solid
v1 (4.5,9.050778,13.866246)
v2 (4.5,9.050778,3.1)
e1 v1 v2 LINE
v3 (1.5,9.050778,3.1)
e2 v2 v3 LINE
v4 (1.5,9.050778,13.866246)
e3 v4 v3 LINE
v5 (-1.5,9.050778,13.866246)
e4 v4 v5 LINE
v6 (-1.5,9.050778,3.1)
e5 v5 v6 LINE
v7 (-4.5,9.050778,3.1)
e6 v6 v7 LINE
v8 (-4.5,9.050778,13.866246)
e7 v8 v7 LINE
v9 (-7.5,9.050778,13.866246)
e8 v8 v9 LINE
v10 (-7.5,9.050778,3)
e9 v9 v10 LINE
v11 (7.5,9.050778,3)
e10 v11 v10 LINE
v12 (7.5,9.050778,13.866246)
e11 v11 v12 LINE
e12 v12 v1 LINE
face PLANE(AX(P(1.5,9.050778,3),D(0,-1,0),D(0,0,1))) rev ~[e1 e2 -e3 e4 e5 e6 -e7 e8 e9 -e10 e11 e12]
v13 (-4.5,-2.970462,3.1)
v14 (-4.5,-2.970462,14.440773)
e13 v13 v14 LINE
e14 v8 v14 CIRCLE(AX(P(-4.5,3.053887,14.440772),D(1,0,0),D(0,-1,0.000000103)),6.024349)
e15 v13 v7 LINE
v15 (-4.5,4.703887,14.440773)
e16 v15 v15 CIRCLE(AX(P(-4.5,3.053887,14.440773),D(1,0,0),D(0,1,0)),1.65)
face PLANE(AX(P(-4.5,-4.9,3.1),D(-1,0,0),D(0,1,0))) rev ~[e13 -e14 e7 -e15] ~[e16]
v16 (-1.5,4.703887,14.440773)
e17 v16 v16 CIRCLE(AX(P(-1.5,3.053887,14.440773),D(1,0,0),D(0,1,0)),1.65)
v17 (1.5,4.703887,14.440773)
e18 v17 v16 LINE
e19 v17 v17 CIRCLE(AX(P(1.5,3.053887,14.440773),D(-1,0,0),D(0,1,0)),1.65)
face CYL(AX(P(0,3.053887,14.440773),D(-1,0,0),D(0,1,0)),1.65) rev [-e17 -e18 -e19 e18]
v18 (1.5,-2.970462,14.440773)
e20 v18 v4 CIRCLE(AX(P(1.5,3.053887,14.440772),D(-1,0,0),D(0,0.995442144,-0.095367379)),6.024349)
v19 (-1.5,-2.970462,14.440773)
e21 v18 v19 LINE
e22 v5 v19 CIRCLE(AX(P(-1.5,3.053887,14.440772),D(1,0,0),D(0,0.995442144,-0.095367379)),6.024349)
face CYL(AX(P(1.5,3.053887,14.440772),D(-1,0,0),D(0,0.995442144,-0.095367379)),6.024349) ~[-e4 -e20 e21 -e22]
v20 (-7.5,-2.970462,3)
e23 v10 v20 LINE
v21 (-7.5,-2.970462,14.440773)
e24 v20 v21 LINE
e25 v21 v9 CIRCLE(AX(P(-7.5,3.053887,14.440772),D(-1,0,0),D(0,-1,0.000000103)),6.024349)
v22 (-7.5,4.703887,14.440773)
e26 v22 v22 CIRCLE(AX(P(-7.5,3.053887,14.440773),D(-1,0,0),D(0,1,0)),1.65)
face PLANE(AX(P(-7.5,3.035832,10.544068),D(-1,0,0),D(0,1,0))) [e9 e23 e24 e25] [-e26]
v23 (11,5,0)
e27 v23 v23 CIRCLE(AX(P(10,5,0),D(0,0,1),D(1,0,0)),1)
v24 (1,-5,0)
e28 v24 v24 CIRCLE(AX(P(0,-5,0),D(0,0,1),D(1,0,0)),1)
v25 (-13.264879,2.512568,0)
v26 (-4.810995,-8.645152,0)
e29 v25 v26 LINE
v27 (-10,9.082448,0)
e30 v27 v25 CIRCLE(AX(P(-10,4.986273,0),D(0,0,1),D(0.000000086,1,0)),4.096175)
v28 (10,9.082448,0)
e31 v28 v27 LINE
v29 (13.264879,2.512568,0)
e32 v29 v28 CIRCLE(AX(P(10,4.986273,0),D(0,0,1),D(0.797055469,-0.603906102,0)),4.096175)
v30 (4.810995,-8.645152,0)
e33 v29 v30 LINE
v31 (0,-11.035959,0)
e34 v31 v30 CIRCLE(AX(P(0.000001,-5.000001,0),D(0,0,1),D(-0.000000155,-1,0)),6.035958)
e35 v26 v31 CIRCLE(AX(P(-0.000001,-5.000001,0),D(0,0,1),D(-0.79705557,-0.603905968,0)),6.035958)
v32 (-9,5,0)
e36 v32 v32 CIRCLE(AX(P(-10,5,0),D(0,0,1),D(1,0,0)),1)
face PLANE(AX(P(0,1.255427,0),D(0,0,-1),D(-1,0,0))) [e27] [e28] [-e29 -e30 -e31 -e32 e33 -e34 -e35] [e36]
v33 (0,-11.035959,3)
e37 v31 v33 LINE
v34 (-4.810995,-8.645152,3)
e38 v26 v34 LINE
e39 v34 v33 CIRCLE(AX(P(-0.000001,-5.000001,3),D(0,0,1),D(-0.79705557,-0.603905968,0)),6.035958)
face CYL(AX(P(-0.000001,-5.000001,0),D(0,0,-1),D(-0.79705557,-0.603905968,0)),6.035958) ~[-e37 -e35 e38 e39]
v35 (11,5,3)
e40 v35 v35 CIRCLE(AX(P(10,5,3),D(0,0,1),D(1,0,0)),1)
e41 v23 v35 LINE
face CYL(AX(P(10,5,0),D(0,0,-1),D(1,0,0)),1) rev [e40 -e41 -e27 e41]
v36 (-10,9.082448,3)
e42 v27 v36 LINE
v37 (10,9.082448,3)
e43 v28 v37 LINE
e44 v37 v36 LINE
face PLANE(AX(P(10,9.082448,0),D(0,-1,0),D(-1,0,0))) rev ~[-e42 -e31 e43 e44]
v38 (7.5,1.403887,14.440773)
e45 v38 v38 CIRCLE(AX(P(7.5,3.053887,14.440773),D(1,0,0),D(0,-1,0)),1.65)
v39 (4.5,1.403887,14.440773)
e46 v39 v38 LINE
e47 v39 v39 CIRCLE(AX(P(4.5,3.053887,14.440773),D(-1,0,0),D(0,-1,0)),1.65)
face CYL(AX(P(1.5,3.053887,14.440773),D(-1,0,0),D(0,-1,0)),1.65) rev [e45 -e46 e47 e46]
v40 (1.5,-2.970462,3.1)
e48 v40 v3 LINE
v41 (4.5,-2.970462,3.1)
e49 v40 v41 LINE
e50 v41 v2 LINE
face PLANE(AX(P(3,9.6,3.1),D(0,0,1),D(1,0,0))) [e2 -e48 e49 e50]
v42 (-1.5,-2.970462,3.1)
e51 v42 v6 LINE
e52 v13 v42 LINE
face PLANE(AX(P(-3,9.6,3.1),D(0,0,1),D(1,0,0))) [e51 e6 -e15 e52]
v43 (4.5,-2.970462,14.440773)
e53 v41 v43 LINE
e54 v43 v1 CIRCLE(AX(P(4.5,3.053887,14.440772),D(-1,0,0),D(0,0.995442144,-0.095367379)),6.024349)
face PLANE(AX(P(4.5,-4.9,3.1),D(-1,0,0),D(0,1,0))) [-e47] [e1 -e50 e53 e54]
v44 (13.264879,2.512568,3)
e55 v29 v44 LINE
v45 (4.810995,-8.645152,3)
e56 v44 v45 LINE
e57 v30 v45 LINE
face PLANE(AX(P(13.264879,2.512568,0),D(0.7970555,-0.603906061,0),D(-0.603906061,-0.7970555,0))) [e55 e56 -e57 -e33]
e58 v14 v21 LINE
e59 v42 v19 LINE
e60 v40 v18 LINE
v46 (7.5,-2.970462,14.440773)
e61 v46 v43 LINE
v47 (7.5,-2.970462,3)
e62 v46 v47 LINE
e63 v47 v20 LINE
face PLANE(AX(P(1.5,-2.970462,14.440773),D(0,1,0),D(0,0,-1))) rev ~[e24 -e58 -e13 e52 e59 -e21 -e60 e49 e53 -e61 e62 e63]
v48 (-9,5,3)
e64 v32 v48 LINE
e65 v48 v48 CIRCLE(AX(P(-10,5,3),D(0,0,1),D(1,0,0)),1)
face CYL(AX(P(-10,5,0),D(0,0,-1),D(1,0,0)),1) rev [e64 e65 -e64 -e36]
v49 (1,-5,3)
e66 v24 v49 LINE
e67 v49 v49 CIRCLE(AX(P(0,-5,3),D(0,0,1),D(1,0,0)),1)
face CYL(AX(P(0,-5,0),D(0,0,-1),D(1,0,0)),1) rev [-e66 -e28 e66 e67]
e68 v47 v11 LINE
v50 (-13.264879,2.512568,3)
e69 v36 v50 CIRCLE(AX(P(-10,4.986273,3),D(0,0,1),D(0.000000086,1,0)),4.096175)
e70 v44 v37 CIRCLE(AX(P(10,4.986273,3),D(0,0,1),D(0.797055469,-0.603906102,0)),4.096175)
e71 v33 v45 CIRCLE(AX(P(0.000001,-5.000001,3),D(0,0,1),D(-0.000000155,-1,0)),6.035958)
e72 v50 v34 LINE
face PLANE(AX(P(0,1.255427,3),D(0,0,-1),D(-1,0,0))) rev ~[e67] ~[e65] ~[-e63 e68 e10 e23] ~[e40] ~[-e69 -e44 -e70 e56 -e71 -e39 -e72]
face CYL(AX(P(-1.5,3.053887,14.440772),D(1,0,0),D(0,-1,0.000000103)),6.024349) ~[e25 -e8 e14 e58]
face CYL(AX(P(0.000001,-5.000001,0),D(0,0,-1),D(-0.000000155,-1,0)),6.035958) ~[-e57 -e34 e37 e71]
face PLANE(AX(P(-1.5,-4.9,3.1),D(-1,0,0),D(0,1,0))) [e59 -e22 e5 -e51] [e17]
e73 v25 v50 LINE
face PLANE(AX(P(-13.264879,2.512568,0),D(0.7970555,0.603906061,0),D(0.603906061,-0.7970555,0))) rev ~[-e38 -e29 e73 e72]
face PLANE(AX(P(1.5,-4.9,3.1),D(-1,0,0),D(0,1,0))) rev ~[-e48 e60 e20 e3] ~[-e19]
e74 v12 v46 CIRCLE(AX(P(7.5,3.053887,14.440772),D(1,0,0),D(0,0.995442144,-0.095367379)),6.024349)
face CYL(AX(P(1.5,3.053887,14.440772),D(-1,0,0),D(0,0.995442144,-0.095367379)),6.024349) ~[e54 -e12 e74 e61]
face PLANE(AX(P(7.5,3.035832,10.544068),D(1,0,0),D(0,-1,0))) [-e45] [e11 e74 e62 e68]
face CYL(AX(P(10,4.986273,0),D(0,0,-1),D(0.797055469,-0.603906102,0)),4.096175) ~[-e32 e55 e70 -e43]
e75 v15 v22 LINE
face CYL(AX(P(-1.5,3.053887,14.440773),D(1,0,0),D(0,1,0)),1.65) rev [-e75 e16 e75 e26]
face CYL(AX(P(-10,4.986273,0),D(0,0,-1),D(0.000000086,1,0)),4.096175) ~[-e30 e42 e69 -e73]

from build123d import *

# Parameters (mm, degrees)
BOX_W           = 3
BOX_H           = 29
BOX_DEPTH       = 23
BOX001_W        = 3
BOX001_H        = 29
BOX001_DEPTH    = 23
SKETCH_R        = 1
PAD_DEPTH       = 3
SKETCH001_R     = 1.65
PAD001_DEPTH    = 1.5
PAD001_FACE17_R = 1.65
PAD002_DEPTH    = 6
PAD002_FACE15_R = 1.65
PAD003_DEPTH    = 6


with BuildPart() as box:
    # Box → Box (new body)
    with BuildSketch(Plane(origin=(1.5, -4.9, 3.1), x_dir=(1, 0, 0), z_dir=(0, 0, 1))):
        with Locations((1.5, 14.5)):
            Rectangle(BOX_W, BOX_H)
    extrude(amount=BOX_DEPTH)


with BuildPart() as box001:
    # Box001 → Box001 (new body)
    with BuildSketch(Plane(origin=(-4.5, -4.9, 3.1), x_dir=(1, 0, 0), z_dir=(0, 0, 1))):
        with Locations((1.5, 14.5)):
            Rectangle(BOX001_W, BOX001_H)
    extrude(amount=BOX001_DEPTH)


with BuildPart() as cut001:
    # Sketch → Pad (new body)
    with BuildSketch(Plane.XY):
        with BuildLine():
            Line((0, 9.082448), (10, 9.082448))
            ThreePointArc((13.264879, 2.512568), (13.6682, 6.809172), (10, 9.082448))
            Line((13.264879, 2.512568), (4.810995, -8.645152))
            ThreePointArc((0, -11.035959), (2.686151, -10.405312), (4.810995, -8.645152))
            ThreePointArc((-4.810995, -8.645152), (-2.686151, -10.405312), (0, -11.035959))
            Line((-13.264879, 2.512568), (-4.810995, -8.645152))
            ThreePointArc((-10, 9.082448), (-13.6682, 6.809172), (-13.264879, 2.512568))
            Line((0, 9.082448), (-10, 9.082448))
        make_face()
        with Locations((10, 5)):
            Circle(SKETCH_R, mode=Mode.SUBTRACT)
        with Locations((0, -5)):
            Circle(SKETCH_R, mode=Mode.SUBTRACT)
        with Locations((-10, 5)):
            Circle(SKETCH_R, mode=Mode.SUBTRACT)
    extrude(amount=PAD_DEPTH)

    # Sketch001 → Pad001 (join, symmetric)
    with BuildSketch(Plane.YZ):
        with BuildLine():
            Line((-2.970462, 2.440773), (-2.970462, 14.440773))
            ThreePointArc((9.050778, 13.866246), (3.341478, 20.458253), (-2.970462, 14.440773))
            Line((9.050778, 13.866246), (9.050778, 2.407893))
            Line((9.050778, 2.407893), (-2.970462, 2.440773))
        make_face()
        with Locations((3.053887, 14.440773)):
            Circle(SKETCH001_R, mode=Mode.SUBTRACT)
    extrude(amount=PAD001_DEPTH, both=True)

    # Pad001 Face17 → Pad002 (add)
    with BuildSketch(Plane(origin=(1.5, 3.044075, 10.994615), x_dir=(0, -1, 0), z_dir=(1, 0, 0))):
        with BuildLine():
            Line((6.014537, 7.994615), (-6.006703, 7.994615))
            Line((-6.006703, 7.994615), (-6.006703, -2.871631))
            ThreePointArc((-6.006703, -2.871631), (-0.297403, -9.463638), (6.014537, -3.446158))
            Line((6.014537, -3.446158), (6.014537, 7.994615))
        make_face()
        with Locations((-0.009812, -3.446158)):
            Circle(PAD001_FACE17_R, mode=Mode.SUBTRACT)
    extrude(amount=PAD002_DEPTH)

    # Pad002 Face15 → Pad003 (add)
    with BuildSketch(Plane(origin=(-1.5, 3.044075, 10.994615), x_dir=(0, 1, 0), z_dir=(-1, 0, 0))):
        with BuildLine():
            Line((6.006703, 7.994615), (-6.014537, 7.994615))
            Line((-6.014537, 7.994615), (-6.014537, -3.446158))
            ThreePointArc((-6.014537, -3.446158), (0.297403, -9.463638), (6.006703, -2.871631))
            Line((6.006703, -2.871631), (6.006703, 7.994615))
        make_face()
        with Locations((0.009812, -3.446158)):
            Circle(PAD002_FACE15_R, mode=Mode.SUBTRACT)
    extrude(amount=PAD003_DEPTH)

    # Cut: cut Box001
    add(box001.part, mode=Mode.SUBTRACT)

    # Cut001: cut Box
    add(box.part, mode=Mode.SUBTRACT)


solid = cut001.part
